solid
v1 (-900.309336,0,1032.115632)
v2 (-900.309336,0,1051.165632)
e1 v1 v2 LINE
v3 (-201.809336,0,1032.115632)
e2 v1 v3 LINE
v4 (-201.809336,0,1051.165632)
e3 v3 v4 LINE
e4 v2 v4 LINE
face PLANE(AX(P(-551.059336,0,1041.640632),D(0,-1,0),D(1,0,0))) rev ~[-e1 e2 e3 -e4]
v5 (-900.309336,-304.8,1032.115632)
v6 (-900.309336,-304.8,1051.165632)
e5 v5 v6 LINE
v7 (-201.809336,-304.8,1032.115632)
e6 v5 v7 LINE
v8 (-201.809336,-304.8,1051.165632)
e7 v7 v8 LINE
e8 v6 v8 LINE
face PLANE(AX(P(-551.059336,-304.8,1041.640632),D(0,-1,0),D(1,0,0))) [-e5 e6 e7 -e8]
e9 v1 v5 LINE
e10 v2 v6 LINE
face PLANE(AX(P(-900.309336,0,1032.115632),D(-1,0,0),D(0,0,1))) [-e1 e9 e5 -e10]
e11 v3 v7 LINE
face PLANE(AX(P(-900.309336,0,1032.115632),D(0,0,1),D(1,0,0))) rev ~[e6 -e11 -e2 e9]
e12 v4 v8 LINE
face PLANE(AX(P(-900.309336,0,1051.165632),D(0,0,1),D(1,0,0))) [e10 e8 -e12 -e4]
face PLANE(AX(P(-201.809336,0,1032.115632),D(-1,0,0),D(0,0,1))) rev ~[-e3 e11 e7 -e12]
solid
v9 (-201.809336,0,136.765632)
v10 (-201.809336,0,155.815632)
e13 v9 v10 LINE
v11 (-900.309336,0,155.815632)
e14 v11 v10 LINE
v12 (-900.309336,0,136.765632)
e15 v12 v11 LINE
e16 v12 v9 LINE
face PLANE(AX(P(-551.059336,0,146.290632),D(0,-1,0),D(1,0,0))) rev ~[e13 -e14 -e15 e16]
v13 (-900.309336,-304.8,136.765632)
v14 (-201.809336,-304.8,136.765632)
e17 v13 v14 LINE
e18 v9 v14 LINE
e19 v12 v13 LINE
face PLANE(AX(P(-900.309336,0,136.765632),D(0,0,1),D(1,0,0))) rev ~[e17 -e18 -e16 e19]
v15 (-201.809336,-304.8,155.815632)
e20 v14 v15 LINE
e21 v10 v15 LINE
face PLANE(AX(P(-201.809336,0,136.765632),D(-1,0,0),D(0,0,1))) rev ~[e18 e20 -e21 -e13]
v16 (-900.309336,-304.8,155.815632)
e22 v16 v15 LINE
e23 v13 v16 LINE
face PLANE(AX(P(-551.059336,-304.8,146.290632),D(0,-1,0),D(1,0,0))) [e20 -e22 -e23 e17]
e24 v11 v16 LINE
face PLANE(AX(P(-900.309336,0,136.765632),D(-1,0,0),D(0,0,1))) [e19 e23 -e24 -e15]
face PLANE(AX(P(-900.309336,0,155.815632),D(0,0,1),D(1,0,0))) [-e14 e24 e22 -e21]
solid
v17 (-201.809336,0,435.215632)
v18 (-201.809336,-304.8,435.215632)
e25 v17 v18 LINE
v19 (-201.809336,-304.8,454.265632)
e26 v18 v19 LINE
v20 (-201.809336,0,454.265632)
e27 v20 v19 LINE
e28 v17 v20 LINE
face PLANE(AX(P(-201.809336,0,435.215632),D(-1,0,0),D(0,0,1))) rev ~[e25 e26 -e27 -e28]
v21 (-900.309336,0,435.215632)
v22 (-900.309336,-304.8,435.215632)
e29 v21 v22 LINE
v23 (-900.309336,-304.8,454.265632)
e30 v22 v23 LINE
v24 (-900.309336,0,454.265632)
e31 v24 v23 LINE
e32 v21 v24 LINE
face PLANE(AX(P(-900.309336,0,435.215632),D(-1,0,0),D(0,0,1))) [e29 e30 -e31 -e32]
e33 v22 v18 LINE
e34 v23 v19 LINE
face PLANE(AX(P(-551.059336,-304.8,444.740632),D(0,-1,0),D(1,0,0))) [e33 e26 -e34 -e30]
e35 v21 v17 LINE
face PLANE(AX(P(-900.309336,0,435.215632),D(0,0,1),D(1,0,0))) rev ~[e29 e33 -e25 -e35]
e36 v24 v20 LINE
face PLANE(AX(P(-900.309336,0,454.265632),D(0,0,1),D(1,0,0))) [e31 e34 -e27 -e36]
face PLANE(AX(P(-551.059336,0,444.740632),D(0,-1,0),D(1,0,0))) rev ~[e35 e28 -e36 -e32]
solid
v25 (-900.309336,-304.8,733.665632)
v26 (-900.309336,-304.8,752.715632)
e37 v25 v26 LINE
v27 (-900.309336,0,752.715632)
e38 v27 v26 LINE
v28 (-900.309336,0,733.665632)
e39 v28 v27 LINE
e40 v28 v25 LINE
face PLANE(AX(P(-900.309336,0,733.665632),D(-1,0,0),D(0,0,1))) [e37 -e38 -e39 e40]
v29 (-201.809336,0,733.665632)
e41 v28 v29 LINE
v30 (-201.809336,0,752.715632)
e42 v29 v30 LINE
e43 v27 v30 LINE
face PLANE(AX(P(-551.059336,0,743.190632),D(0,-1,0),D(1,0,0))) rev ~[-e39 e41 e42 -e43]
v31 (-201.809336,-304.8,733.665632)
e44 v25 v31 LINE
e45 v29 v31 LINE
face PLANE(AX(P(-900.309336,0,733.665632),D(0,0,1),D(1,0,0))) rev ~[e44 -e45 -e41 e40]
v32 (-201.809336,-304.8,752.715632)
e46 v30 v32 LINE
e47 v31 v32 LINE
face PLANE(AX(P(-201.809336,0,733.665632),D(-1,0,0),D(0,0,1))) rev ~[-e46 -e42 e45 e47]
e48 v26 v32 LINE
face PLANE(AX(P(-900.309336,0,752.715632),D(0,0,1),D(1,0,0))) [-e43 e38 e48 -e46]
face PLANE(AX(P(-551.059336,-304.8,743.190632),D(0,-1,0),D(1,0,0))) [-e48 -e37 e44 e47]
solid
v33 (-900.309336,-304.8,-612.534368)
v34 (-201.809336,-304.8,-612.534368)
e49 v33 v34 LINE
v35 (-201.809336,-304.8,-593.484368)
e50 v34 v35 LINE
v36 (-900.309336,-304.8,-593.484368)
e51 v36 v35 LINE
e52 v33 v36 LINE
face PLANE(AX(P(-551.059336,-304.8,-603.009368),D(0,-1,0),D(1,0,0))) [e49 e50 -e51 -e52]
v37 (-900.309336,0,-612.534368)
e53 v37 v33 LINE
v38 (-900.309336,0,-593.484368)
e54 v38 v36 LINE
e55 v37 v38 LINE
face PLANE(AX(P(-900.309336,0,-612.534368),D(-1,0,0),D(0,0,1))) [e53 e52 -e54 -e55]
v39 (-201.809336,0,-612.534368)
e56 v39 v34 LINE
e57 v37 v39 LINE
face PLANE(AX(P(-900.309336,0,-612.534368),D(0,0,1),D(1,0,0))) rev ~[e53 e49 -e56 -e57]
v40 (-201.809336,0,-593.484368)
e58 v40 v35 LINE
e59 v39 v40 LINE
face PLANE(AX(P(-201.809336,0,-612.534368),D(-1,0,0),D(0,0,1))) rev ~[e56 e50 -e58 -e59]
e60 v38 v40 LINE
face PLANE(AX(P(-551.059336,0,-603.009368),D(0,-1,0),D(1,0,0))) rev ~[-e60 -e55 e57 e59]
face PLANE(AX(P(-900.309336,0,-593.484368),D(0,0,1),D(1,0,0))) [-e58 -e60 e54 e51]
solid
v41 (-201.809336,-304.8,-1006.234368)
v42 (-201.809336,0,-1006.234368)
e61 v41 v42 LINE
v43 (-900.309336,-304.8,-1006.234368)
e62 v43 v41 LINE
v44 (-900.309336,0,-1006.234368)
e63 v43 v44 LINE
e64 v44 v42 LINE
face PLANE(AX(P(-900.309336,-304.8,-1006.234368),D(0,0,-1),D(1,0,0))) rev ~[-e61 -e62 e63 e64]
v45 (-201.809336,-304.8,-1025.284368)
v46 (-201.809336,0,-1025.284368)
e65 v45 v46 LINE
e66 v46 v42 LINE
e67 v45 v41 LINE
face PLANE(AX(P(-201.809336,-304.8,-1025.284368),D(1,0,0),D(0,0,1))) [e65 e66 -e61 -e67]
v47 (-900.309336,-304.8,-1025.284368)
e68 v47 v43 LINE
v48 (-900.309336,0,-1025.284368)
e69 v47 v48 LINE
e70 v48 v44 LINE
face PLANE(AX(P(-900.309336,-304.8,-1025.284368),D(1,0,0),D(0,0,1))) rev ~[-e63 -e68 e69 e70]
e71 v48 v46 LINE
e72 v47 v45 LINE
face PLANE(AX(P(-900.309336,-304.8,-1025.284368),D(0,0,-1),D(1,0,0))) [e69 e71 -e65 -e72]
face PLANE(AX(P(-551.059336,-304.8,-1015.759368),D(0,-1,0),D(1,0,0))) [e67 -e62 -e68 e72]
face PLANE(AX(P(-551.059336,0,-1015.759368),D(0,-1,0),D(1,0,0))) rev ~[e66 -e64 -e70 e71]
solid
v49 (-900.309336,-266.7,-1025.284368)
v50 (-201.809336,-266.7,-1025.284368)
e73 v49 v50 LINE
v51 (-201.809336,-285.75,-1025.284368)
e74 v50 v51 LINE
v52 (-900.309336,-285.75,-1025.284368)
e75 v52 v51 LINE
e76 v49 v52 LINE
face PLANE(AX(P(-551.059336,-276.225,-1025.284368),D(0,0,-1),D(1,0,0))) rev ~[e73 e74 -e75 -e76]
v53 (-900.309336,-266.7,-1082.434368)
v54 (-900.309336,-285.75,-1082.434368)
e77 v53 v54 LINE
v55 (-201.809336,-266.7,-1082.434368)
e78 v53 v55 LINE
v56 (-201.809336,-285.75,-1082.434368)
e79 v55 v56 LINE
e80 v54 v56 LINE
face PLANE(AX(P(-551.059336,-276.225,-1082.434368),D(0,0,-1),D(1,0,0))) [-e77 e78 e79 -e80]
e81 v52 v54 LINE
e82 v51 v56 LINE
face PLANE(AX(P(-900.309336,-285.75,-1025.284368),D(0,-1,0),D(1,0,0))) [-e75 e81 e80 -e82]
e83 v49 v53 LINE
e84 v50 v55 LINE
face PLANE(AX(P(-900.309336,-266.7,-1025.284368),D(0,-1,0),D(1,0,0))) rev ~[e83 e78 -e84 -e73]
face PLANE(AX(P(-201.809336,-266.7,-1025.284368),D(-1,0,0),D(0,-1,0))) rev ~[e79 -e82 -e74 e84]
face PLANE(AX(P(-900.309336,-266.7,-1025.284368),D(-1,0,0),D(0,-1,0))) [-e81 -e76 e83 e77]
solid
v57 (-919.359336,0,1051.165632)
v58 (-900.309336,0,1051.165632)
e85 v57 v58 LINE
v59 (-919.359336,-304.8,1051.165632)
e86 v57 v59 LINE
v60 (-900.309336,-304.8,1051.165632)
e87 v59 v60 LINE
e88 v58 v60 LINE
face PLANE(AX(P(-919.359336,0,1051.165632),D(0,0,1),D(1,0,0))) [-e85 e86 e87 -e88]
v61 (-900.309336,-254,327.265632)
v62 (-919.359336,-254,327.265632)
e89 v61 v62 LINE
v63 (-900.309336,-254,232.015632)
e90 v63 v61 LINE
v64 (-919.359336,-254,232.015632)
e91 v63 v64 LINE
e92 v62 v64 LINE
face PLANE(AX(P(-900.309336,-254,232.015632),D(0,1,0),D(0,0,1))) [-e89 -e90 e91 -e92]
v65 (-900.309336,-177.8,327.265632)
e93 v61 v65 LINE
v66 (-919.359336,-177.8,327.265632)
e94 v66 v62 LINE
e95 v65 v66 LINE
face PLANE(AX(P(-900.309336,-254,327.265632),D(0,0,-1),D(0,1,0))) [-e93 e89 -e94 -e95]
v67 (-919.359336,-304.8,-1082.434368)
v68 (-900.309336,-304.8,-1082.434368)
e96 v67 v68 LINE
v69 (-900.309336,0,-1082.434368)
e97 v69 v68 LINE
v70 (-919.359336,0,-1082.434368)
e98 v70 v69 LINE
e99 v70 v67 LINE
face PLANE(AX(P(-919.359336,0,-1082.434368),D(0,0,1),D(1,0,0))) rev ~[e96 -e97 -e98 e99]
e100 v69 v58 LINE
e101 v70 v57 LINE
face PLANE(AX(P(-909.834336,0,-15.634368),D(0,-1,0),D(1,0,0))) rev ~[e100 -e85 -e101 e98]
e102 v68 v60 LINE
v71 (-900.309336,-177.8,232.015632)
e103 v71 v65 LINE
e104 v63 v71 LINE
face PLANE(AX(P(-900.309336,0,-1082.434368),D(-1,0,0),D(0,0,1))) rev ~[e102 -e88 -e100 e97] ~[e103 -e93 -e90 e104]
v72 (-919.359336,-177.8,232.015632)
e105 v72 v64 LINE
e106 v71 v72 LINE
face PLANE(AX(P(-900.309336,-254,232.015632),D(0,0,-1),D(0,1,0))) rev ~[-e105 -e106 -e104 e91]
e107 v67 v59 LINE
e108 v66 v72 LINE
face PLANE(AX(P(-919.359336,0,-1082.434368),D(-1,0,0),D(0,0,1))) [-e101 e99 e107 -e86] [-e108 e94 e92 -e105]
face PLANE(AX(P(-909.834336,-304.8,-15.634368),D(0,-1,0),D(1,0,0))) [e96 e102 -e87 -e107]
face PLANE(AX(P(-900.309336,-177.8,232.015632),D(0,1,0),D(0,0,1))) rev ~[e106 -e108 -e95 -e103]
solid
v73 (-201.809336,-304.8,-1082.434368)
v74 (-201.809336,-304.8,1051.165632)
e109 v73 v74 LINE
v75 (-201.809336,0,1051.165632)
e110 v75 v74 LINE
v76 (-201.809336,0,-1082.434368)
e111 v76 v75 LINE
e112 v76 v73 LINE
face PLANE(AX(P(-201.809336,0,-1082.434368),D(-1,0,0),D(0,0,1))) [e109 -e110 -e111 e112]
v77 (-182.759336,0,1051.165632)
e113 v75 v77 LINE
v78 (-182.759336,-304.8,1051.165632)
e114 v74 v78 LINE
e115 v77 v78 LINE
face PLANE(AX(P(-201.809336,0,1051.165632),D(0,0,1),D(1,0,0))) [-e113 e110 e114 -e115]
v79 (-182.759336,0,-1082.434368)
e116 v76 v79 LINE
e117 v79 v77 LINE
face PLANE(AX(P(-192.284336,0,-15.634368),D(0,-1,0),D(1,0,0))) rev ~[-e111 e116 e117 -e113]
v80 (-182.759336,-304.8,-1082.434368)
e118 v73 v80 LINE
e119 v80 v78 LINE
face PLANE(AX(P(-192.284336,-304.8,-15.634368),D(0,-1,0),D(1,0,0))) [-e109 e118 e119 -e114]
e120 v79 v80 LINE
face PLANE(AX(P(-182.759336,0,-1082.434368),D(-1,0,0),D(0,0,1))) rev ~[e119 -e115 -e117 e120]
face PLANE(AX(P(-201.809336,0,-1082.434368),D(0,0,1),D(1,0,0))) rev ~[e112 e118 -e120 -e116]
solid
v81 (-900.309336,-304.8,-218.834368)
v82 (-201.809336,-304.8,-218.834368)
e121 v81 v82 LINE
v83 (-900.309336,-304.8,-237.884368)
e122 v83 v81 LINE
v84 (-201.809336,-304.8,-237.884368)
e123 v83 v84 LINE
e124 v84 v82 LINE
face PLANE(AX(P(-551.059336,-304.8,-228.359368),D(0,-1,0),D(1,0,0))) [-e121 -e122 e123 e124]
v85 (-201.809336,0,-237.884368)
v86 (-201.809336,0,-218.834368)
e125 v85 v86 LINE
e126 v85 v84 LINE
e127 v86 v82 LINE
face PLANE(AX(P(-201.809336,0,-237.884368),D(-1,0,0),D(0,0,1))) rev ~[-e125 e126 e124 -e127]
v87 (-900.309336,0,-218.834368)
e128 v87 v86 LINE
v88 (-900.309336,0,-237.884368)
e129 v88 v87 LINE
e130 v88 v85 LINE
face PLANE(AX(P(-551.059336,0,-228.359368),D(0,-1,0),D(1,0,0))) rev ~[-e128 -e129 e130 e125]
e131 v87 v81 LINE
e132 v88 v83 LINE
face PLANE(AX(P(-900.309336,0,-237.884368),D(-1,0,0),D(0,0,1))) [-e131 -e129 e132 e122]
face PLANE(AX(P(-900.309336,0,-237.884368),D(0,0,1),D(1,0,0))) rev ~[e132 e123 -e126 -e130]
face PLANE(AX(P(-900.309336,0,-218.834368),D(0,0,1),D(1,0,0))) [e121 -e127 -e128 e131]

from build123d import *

# Parameters (mm, degrees)
F0_W     = 19.05
F0_H     = 2133.6
F1_DEPTH = 304.8
F2_W     = 698.5
F2_H     = 19.05
F3_DEPTH = 304.8
F4_W     = 698.5
F4_H     = 19.05
F5_DEPTH = 304.8
F6_W     = 698.5
F6_H     = 19.05
F7_DEPTH = 57.15
F8_W     = 76.2
F8_H     = 95.25
F9_DEPTH = 25.4


with BuildPart() as f1:
    # F0 (on Front) → F1 (new body)
    with BuildSketch(Plane.XZ):
        with Locations((-909.834336, -15.634368)):
            Rectangle(F0_W, F0_H)
        with Locations((-192.284336, -15.634368)):
            Rectangle(F0_W, F0_H)
    extrude(amount=F1_DEPTH)

    # F8 (on face) → F9 (cut)
    with BuildSketch(Plane.YZ.offset(-900.309336)):
        with Locations((-215.9, 279.640632)):
            Rectangle(F8_W, F8_H)
    extrude(amount=-F9_DEPTH, mode=Mode.SUBTRACT)


with BuildPart() as f3:
    # F2 (on Front) → F3 (new body)
    with BuildSketch(Plane.XZ):
        with Locations((-551.059336, -603.009368)):
            Rectangle(F2_W, F2_H)
        with Locations((-551.059336, -228.359368)):
            Rectangle(F2_W, F2_H)
        with Locations((-551.059336, 146.290632)):
            Rectangle(F2_W, F2_H)
        with Locations((-551.059336, 444.740632)):
            Rectangle(F2_W, F2_H)
        with Locations((-551.059336, 743.190632)):
            Rectangle(F2_W, F2_H)
        with Locations((-551.059336, 1041.640632)):
            Rectangle(F2_W, F2_H)
    extrude(amount=F3_DEPTH)


with BuildPart() as f5:
    # F4 (on face) → F5 (new body)
    with BuildSketch(Plane.XZ.offset(304.8)):
        with Locations((-551.059336, -1015.759368)):
            Rectangle(F4_W, F4_H)
    extrude(amount=-F5_DEPTH)


with BuildPart() as f7:
    # F6 (on face) → F7 (new body, through all)
    with BuildSketch(Plane(origin=(0, 0, -1025.284368), x_dir=(1, 0, 0), z_dir=(0, 0, -1))):
        with Locations((-551.059336, 276.225)):
            Rectangle(F6_W, F6_H)
    extrude(amount=F7_DEPTH)


solid = Compound([f1.part, f3.part, f5.part, f7.part])
